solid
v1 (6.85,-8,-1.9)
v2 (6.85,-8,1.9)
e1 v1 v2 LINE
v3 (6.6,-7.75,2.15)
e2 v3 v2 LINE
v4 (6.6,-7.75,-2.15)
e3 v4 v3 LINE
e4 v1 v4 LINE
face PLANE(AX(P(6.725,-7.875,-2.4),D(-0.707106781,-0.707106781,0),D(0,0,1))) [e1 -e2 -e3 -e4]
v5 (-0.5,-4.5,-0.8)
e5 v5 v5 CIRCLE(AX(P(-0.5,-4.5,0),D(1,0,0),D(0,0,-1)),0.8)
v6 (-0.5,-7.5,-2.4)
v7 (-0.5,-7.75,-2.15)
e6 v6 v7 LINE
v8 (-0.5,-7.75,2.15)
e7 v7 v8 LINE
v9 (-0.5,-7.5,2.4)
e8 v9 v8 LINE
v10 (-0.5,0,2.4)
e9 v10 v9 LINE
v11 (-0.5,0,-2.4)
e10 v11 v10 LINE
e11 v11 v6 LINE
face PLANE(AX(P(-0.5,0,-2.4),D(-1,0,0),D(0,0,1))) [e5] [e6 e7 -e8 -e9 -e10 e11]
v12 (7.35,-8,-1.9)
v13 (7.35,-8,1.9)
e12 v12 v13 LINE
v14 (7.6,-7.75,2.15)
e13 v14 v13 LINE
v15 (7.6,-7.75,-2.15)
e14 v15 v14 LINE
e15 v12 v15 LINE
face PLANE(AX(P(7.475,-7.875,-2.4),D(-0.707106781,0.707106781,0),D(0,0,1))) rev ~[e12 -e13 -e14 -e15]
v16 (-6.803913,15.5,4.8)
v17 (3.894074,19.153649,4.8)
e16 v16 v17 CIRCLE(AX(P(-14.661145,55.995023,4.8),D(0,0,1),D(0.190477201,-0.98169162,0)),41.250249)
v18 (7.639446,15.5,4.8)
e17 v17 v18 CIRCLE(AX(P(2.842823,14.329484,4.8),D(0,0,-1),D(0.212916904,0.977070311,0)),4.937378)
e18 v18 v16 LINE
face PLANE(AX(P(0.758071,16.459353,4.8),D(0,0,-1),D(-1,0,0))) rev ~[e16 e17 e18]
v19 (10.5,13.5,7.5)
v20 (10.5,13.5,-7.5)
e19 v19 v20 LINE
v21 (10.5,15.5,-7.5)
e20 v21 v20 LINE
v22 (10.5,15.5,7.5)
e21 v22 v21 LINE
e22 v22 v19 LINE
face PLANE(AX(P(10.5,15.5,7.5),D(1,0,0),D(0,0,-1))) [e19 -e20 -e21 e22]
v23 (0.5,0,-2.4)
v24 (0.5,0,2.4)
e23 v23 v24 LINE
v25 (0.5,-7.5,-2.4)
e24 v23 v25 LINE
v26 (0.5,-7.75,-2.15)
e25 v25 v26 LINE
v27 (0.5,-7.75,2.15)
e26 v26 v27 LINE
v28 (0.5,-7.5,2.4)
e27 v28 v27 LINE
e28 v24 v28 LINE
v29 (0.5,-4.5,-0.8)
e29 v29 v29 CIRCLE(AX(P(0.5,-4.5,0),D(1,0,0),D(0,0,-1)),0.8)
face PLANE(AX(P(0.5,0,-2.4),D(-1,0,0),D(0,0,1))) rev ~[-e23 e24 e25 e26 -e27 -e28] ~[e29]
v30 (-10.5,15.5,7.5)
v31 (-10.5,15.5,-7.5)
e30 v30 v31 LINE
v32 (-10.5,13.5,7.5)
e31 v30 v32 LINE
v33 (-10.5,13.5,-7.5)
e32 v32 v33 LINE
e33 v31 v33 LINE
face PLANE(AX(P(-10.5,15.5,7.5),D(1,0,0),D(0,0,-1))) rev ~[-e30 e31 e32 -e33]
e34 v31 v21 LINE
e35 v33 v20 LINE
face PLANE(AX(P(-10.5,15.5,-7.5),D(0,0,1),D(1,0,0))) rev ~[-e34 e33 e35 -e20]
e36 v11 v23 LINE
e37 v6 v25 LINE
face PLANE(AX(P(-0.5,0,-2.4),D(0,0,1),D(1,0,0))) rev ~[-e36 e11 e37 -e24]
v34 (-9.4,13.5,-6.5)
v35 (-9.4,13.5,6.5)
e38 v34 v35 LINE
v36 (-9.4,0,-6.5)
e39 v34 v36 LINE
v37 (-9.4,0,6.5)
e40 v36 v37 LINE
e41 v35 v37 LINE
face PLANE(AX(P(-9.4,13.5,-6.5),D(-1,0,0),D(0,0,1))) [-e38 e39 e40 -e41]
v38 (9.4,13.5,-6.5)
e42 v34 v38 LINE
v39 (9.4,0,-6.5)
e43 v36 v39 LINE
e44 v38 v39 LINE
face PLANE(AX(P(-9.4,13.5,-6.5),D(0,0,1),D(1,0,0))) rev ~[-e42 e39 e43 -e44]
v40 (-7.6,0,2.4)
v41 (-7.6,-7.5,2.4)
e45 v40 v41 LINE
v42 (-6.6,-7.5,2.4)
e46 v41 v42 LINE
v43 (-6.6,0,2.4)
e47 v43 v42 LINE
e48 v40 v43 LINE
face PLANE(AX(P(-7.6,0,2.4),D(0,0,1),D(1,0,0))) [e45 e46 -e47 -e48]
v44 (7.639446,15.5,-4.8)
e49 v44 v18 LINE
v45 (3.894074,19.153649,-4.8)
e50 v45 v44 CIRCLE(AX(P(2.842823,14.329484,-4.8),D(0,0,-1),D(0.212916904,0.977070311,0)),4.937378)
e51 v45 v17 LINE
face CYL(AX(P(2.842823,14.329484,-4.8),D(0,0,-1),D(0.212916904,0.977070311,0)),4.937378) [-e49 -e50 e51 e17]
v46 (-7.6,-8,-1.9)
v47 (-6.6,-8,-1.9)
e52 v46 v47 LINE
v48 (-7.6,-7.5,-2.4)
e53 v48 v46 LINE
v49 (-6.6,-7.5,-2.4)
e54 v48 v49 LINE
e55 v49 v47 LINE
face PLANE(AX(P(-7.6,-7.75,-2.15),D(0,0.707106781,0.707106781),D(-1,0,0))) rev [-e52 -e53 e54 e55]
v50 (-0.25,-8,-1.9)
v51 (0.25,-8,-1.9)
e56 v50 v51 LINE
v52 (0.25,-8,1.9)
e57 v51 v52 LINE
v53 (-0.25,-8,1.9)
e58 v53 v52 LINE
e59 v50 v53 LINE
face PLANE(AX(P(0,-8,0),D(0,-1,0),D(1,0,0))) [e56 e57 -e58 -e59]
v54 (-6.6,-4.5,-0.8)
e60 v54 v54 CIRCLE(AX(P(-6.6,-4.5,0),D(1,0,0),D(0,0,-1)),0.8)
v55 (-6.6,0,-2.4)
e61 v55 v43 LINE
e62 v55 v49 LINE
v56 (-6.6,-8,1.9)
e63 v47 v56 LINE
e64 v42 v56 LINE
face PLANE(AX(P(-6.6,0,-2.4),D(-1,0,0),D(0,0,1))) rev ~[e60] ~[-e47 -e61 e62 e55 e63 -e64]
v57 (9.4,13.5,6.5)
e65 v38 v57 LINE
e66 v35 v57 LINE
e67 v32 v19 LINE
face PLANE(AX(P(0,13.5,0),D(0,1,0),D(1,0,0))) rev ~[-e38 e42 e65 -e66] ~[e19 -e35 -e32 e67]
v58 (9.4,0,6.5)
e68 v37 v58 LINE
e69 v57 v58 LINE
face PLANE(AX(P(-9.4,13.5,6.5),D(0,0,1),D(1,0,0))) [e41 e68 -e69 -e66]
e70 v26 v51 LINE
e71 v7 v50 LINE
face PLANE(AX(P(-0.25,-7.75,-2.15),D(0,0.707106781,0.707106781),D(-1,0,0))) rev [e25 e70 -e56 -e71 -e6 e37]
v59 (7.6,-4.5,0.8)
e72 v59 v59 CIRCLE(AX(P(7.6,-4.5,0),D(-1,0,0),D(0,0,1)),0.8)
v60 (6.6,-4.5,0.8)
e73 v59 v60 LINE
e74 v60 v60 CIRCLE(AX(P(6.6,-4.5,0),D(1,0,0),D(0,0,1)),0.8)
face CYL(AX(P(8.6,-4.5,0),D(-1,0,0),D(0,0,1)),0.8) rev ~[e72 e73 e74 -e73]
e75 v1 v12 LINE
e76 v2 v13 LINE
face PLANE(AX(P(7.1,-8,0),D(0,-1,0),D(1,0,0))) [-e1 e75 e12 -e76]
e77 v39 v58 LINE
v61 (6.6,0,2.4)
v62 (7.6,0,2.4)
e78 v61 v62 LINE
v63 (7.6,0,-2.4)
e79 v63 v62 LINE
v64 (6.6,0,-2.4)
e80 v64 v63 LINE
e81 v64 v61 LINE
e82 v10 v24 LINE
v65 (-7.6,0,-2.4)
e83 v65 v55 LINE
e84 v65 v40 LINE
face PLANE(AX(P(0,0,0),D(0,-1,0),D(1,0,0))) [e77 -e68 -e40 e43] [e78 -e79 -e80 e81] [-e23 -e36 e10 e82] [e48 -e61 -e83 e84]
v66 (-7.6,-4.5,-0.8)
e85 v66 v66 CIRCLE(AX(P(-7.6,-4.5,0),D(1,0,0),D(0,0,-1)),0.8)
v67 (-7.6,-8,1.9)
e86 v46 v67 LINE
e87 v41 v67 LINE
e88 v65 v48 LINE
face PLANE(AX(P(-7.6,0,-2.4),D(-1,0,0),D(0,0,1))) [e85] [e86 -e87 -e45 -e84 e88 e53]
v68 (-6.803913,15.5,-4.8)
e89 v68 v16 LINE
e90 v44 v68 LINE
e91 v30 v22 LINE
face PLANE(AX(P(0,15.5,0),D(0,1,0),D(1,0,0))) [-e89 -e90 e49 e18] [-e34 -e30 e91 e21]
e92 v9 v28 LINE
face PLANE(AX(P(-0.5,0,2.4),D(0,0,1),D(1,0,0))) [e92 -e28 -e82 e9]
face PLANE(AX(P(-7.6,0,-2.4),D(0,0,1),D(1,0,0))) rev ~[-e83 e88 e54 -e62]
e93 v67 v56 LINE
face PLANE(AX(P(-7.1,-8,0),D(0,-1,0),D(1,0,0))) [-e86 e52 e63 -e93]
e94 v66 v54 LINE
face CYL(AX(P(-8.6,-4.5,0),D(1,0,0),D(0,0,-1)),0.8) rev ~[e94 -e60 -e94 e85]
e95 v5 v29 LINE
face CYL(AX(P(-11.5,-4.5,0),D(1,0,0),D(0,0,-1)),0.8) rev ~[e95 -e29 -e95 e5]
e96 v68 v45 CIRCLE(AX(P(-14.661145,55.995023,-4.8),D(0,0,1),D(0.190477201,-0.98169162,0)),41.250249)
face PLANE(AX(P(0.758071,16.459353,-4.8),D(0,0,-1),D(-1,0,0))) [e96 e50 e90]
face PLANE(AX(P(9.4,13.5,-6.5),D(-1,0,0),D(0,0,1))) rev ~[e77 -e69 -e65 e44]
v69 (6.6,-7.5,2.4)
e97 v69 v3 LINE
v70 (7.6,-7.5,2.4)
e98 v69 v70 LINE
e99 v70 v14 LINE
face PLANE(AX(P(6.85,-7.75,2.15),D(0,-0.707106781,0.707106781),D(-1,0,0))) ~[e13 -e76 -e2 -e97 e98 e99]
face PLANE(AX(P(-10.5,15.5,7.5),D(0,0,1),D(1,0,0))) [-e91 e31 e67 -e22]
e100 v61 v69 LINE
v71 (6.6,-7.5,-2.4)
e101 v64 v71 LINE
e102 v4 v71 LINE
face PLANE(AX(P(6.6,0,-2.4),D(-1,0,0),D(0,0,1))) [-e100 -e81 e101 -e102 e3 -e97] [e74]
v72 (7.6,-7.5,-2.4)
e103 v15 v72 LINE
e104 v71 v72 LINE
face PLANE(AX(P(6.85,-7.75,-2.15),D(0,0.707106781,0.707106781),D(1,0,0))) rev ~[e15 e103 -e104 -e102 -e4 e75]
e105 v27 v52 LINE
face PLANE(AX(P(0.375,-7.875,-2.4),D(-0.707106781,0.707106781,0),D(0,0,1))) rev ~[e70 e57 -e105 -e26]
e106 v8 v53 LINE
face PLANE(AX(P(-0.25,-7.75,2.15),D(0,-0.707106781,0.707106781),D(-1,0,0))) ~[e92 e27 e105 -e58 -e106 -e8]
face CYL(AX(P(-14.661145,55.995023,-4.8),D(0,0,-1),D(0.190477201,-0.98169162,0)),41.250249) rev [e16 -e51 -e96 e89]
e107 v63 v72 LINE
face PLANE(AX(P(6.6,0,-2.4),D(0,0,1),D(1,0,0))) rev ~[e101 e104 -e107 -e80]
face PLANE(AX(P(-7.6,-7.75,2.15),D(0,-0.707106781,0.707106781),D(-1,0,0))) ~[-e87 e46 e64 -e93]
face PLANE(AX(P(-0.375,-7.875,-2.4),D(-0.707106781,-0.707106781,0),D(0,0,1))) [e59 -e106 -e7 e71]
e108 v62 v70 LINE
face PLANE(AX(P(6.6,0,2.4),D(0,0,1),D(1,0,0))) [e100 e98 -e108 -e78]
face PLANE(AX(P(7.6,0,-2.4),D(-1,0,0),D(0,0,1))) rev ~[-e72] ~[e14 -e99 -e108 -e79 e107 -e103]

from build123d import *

# Parameters (mm, degrees)
BOSS_EXTRUDE1_DEPTH            = 9.6
SKETCH2_W                      = 21
SKETCH2_H                      = 15
BOSS_EXTRUDE2_DEPTH            = 2
SKETCH3_W                      = 18.8
SKETCH3_H                      = 13
BOSS_EXTRUDE3_DEPTH            = 13.5
SKETCH4_W                      = 1
SKETCH4_H                      = 4.8
BOSS_EXTRUDE4_DEPTH            = 8
SKETCH5_W                      = 1
SKETCH5_H                      = 4.8
BOSS_EXTRUDE5_DEPTH            = 8
SKETCH6_W                      = 1
SKETCH6_H                      = 4.8
BOSS_EXTRUDE6_DEPTH            = 8
F_1_6_1_6_DIAMETER_HOLE1_D     = 1.6
F_1_6_1_6_DIAMETER_HOLE1_DEPTH = 1
F_1_6_1_6_DIAMETER_HOLE2_D     = 1.6
F_1_6_1_6_DIAMETER_HOLE2_DEPTH = 1
F_1_6_1_6_DIAMETER_HOLE3_D     = 1.6
F_1_6_1_6_DIAMETER_HOLE3_DEPTH = 11
CHAMFER1_SIZE                  = 0.25
CHAMFER2_SIZE                  = 0.5


with BuildPart() as part:
    # Sketch1 → Boss-Extrude1 (new body)
    with BuildSketch(Plane(origin=(0, 0, -4.8), x_dir=(-1, 0, 0), z_dir=(0, 0, -1))):
        with BuildLine():
            Line((-7.639445546, 15.5), (6.803913489, 15.5))
            ThreePointArc((6.803913489, 15.5), (1.329165769, 16.958613053), (-3.894073755, 19.15364916))
            ThreePointArc((-3.894073755, 19.15364916), (-6.290531384, 17.863745283), (-7.639445546, 15.5))
        make_face()
    extrude(amount=-BOSS_EXTRUDE1_DEPTH)

    # Sketch2 → Boss-Extrude2 (add)
    with BuildSketch(Plane(origin=(0, 15.5, 0), x_dir=(1, 0, 0), z_dir=(0, 1, 0))):
        Rectangle(SKETCH2_W, SKETCH2_H)
    extrude(amount=-BOSS_EXTRUDE2_DEPTH)

    # Sketch3 → Boss-Extrude3 (add)
    with BuildSketch(Plane.XZ.offset(-13.5)):
        Rectangle(SKETCH3_W, SKETCH3_H)
    extrude(amount=BOSS_EXTRUDE3_DEPTH)

    # Sketch4 → Boss-Extrude4 (add)
    with BuildSketch(Plane.XZ):
        Rectangle(SKETCH4_W, SKETCH4_H)
    extrude(amount=BOSS_EXTRUDE4_DEPTH)

    # Sketch5 → Boss-Extrude5 (add)
    with BuildSketch(Plane.XZ):
        with Locations((7.1, 0)):
            Rectangle(SKETCH5_W, SKETCH5_H)
    extrude(amount=BOSS_EXTRUDE5_DEPTH)

    # Sketch6 → Boss-Extrude6 (add)
    with BuildSketch(Plane.XZ):
        with Locations((-7.1, 0)):
            Rectangle(SKETCH6_W, SKETCH6_H)
    extrude(amount=BOSS_EXTRUDE6_DEPTH)

    # Ø1.6 (1.6) Diameter Hole1
    with Locations(Plane.ZY.offset(7.6)):
        with Locations((0, -4.5)):
            Hole(F_1_6_1_6_DIAMETER_HOLE1_D / 2, depth=F_1_6_1_6_DIAMETER_HOLE1_DEPTH)

    # Ø1.6 (1.6) Diameter Hole2
    with Locations(Plane(origin=(7.6, 0, 0), x_dir=(0, 0, -1), z_dir=(1, 0, 0))):
        with Locations((0, -4.5)):
            Hole(F_1_6_1_6_DIAMETER_HOLE2_D / 2, depth=F_1_6_1_6_DIAMETER_HOLE2_DEPTH)

    # Ø1.6 (1.6) Diameter Hole3
    with Locations(Plane.ZY.offset(0.5)):
        with Locations((0, -4.5)):
            Hole(F_1_6_1_6_DIAMETER_HOLE3_D / 2, depth=F_1_6_1_6_DIAMETER_HOLE3_DEPTH)

    # Chamfer1
    chamfer1_edges = [part.edges().sort_by_distance(p)[0] for p in [
        (-0.5, -8, 0),
        (0.5, -8, 0),
        (6.6, -8, 0),
        (7.6, -8, 0),
    ]]
    chamfer(chamfer1_edges, length=CHAMFER1_SIZE)

    # Chamfer2
    chamfer2_edges = [part.edges().sort_by_distance(p)[0] for p in [
        (7.1, -8, 2.4),
        (-7.1, -8, -2.4),
        (7.1, -8, -2.4),
        (0, -8, -2.4),
        (-7.1, -8, 2.4),
        (0, -8, 2.4),
    ]]
    chamfer(chamfer2_edges, length=CHAMFER2_SIZE)


solid = part.part
